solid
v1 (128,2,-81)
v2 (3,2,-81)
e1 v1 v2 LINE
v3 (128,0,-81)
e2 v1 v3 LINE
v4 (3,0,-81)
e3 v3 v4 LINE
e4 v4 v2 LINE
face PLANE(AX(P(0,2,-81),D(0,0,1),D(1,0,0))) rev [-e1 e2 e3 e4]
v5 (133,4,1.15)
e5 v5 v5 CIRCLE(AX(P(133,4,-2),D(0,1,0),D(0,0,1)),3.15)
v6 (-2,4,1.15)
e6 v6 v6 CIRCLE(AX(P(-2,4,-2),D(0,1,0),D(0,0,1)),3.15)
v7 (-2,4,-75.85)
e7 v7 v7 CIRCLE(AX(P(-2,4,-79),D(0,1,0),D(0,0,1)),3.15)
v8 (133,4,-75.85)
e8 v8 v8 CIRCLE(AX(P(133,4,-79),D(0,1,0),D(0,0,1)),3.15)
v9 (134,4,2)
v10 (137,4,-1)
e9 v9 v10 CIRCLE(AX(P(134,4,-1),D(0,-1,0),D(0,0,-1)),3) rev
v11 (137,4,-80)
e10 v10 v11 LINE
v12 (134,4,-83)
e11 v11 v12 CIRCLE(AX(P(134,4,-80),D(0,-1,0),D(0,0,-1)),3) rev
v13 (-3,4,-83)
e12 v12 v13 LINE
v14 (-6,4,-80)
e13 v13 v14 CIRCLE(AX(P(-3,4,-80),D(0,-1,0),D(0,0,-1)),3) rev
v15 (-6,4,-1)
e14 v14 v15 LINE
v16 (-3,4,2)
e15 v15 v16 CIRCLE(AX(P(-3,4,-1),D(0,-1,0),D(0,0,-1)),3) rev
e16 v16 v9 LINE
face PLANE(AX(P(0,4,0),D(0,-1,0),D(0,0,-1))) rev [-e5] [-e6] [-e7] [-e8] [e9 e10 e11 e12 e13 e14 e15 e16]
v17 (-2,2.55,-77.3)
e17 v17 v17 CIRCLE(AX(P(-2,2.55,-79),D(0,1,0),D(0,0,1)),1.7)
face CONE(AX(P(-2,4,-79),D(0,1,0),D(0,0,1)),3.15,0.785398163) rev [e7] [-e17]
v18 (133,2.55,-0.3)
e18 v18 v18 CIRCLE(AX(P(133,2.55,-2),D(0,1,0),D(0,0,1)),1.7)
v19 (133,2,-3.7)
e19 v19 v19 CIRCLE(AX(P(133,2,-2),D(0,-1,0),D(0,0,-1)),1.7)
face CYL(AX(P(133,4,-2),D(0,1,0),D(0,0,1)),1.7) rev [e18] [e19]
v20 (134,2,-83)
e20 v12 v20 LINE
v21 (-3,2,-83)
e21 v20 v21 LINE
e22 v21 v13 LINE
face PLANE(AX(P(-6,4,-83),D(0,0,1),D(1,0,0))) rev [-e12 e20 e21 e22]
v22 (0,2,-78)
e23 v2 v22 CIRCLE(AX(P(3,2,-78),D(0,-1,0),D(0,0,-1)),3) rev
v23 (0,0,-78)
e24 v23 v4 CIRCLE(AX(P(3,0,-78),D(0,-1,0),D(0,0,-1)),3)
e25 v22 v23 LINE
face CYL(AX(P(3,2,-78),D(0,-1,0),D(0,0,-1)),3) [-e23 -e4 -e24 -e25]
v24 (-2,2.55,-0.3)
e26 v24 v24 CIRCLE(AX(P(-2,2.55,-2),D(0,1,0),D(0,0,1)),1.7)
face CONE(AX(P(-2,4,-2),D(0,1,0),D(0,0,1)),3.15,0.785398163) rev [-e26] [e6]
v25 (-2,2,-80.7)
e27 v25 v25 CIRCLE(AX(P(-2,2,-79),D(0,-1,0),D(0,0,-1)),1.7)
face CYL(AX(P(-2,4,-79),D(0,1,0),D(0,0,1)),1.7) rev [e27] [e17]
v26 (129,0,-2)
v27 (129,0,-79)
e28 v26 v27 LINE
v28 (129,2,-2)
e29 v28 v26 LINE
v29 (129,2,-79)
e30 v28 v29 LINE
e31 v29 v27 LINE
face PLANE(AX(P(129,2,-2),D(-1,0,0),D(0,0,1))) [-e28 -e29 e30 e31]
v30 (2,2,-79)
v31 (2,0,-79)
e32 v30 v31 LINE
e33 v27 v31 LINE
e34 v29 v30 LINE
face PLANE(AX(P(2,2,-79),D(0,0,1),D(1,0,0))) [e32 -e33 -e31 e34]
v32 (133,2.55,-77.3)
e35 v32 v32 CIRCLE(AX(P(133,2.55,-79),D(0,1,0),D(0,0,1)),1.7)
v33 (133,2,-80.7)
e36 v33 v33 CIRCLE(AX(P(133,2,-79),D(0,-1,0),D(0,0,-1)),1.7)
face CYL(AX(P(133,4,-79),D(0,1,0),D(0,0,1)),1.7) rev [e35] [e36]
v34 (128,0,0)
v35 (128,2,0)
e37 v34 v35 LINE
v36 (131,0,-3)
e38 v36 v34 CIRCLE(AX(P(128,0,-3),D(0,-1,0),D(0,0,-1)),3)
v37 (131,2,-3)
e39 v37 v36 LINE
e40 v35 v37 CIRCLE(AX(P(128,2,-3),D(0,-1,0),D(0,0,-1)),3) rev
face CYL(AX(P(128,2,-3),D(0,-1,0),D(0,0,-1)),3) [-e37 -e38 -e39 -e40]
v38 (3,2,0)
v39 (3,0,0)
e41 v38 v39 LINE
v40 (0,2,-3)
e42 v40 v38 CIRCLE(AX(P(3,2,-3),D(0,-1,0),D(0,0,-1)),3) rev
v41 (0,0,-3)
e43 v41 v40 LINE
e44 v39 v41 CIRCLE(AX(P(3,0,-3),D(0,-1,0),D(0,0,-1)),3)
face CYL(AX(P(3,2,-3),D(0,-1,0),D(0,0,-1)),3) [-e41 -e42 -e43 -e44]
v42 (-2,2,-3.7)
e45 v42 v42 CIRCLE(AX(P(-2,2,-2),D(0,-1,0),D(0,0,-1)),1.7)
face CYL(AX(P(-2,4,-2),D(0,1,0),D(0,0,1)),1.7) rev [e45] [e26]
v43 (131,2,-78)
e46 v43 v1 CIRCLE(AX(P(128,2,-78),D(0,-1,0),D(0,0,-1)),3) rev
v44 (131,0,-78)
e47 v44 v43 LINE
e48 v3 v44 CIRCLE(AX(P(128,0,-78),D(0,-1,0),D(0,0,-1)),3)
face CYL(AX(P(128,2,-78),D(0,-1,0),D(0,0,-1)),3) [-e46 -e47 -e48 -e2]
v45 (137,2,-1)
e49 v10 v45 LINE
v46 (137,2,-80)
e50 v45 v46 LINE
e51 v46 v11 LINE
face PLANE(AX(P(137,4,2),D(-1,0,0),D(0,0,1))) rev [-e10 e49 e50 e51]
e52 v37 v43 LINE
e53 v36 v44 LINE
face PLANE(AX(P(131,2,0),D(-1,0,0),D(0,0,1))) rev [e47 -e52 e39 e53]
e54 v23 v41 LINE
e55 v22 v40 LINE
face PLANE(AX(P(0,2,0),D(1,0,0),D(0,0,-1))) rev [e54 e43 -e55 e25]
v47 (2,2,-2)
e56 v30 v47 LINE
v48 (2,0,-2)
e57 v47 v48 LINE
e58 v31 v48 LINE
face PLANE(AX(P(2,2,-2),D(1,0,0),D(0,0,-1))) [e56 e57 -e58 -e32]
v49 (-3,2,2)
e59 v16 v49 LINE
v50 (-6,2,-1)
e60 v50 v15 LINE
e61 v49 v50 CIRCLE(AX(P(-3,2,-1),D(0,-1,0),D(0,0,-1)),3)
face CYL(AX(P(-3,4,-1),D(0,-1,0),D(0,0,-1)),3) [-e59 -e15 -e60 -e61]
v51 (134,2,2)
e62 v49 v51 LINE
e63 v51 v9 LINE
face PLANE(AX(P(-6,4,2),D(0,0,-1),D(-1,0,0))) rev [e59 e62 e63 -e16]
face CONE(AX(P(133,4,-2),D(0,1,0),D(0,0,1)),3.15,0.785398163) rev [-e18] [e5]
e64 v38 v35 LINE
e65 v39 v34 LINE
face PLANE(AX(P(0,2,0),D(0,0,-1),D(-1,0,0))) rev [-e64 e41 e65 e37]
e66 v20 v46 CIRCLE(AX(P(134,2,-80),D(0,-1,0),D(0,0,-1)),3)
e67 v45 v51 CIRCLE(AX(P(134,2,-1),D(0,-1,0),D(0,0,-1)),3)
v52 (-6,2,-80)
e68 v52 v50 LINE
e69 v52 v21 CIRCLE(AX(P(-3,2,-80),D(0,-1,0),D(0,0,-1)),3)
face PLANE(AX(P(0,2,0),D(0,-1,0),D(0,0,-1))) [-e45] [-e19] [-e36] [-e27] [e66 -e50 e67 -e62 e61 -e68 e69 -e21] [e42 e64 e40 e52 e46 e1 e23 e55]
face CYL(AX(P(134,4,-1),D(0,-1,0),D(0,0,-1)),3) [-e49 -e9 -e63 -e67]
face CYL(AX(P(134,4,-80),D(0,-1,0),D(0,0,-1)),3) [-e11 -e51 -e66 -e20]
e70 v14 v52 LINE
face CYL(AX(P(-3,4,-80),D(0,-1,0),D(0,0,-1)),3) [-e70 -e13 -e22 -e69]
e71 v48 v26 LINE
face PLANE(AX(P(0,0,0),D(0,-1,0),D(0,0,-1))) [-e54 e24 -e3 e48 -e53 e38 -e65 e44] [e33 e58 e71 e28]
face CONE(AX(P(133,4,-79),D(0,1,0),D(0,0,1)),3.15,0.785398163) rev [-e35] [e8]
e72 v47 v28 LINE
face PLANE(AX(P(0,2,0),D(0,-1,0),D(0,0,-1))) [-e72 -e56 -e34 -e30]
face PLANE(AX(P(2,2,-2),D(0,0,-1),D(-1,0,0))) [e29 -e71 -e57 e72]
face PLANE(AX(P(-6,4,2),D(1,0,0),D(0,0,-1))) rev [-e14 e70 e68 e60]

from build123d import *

# Parameters (mm, degrees)
SKIZZE1_W                                            = 131
SKIZZE1_H                                            = 81
SKIZZE1_W_2                                          = 127
SKIZZE1_H_2                                          = 77
AUFSATZ_LINEAR_AUSTRAGEN1_DEPTH                      = 2
SKIZZE2_W                                            = 143
SKIZZE2_H                                            = 85
AUFSATZ_LINEAR_AUSTRAGEN2_DEPTH                      = 2
VERRUNDUNG1_R                                        = 3
FORMSENKUNG_F_R_M3_LINSENSENKSCHRAUBE_MI_D           = 3.4
FORMSENKUNG_F_R_M3_LINSENSENKSCHRAUBE_MI_DEPTH       = 7.25
FORMSENKUNG_F_R_M3_LINSENSENKSCHRAUBE_MI_CSINK_D     = 6.3
FORMSENKUNG_F_R_M3_LINSENSENKSCHRAUBE_MI_CSINK_ANGLE = 90
FORMSENKUNG_F_R_M3_LINSENSENKSCHRAUBE_MI_TIP         = 1.021463052


with BuildPart() as part:
    # Skizze1 → Aufsatz-Linear austragen1 (new body)
    with BuildSketch(Plane(origin=(0, 0, 0), x_dir=(1, 0, 0), z_dir=(0, 1, 0))):
        with Locations((65.5, 40.5)):
            Rectangle(SKIZZE1_W, SKIZZE1_H)
        with Locations((65.5, 40.5)):
            Rectangle(SKIZZE1_W_2, SKIZZE1_H_2, mode=Mode.SUBTRACT)
    extrude(amount=AUFSATZ_LINEAR_AUSTRAGEN1_DEPTH)

    # Skizze2 → Aufsatz-Linear austragen2 (add)
    with BuildSketch(Plane(origin=(0, 2, 0), x_dir=(1, 0, 0), z_dir=(0, 1, 0))):
        with Locations((65.5, 40.5)):
            Rectangle(SKIZZE2_W, SKIZZE2_H)
    extrude(amount=AUFSATZ_LINEAR_AUSTRAGEN2_DEPTH)

    # Verrundung1
    verrundung1_edges = [part.edges().sort_by_distance(p)[0] for p in [
        (-6, 3, -83),
        (-6, 3, 2),
        (137, 3, 2),
        (137, 3, -83),
        (0, 1, -81),
        (131, 1, -81),
        (131, 1, 0),
        (0, 1, 0),
    ]]
    fillet(verrundung1_edges, radius=VERRUNDUNG1_R)

    # Formsenkung für M3 Linsensenkschraube mit Schlitz1
    with Locations(Plane(origin=(0, 4, 0), x_dir=(1, 0, 0), z_dir=(0, 1, 0))):
        with Locations((-2, 2), (133, 79), (-2, 79), (133, 2)):
            CounterSinkHole(FORMSENKUNG_F_R_M3_LINSENSENKSCHRAUBE_MI_D / 2, FORMSENKUNG_F_R_M3_LINSENSENKSCHRAUBE_MI_CSINK_D / 2, depth=FORMSENKUNG_F_R_M3_LINSENSENKSCHRAUBE_MI_DEPTH, counter_sink_angle=FORMSENKUNG_F_R_M3_LINSENSENKSCHRAUBE_MI_CSINK_ANGLE)
            with Locations((0, 0, -(FORMSENKUNG_F_R_M3_LINSENSENKSCHRAUBE_MI_DEPTH + FORMSENKUNG_F_R_M3_LINSENSENKSCHRAUBE_MI_TIP / 2))):  # 118° drill point
                Cone(0, FORMSENKUNG_F_R_M3_LINSENSENKSCHRAUBE_MI_D / 2, FORMSENKUNG_F_R_M3_LINSENSENKSCHRAUBE_MI_TIP, mode=Mode.SUBTRACT)


solid = part.part
